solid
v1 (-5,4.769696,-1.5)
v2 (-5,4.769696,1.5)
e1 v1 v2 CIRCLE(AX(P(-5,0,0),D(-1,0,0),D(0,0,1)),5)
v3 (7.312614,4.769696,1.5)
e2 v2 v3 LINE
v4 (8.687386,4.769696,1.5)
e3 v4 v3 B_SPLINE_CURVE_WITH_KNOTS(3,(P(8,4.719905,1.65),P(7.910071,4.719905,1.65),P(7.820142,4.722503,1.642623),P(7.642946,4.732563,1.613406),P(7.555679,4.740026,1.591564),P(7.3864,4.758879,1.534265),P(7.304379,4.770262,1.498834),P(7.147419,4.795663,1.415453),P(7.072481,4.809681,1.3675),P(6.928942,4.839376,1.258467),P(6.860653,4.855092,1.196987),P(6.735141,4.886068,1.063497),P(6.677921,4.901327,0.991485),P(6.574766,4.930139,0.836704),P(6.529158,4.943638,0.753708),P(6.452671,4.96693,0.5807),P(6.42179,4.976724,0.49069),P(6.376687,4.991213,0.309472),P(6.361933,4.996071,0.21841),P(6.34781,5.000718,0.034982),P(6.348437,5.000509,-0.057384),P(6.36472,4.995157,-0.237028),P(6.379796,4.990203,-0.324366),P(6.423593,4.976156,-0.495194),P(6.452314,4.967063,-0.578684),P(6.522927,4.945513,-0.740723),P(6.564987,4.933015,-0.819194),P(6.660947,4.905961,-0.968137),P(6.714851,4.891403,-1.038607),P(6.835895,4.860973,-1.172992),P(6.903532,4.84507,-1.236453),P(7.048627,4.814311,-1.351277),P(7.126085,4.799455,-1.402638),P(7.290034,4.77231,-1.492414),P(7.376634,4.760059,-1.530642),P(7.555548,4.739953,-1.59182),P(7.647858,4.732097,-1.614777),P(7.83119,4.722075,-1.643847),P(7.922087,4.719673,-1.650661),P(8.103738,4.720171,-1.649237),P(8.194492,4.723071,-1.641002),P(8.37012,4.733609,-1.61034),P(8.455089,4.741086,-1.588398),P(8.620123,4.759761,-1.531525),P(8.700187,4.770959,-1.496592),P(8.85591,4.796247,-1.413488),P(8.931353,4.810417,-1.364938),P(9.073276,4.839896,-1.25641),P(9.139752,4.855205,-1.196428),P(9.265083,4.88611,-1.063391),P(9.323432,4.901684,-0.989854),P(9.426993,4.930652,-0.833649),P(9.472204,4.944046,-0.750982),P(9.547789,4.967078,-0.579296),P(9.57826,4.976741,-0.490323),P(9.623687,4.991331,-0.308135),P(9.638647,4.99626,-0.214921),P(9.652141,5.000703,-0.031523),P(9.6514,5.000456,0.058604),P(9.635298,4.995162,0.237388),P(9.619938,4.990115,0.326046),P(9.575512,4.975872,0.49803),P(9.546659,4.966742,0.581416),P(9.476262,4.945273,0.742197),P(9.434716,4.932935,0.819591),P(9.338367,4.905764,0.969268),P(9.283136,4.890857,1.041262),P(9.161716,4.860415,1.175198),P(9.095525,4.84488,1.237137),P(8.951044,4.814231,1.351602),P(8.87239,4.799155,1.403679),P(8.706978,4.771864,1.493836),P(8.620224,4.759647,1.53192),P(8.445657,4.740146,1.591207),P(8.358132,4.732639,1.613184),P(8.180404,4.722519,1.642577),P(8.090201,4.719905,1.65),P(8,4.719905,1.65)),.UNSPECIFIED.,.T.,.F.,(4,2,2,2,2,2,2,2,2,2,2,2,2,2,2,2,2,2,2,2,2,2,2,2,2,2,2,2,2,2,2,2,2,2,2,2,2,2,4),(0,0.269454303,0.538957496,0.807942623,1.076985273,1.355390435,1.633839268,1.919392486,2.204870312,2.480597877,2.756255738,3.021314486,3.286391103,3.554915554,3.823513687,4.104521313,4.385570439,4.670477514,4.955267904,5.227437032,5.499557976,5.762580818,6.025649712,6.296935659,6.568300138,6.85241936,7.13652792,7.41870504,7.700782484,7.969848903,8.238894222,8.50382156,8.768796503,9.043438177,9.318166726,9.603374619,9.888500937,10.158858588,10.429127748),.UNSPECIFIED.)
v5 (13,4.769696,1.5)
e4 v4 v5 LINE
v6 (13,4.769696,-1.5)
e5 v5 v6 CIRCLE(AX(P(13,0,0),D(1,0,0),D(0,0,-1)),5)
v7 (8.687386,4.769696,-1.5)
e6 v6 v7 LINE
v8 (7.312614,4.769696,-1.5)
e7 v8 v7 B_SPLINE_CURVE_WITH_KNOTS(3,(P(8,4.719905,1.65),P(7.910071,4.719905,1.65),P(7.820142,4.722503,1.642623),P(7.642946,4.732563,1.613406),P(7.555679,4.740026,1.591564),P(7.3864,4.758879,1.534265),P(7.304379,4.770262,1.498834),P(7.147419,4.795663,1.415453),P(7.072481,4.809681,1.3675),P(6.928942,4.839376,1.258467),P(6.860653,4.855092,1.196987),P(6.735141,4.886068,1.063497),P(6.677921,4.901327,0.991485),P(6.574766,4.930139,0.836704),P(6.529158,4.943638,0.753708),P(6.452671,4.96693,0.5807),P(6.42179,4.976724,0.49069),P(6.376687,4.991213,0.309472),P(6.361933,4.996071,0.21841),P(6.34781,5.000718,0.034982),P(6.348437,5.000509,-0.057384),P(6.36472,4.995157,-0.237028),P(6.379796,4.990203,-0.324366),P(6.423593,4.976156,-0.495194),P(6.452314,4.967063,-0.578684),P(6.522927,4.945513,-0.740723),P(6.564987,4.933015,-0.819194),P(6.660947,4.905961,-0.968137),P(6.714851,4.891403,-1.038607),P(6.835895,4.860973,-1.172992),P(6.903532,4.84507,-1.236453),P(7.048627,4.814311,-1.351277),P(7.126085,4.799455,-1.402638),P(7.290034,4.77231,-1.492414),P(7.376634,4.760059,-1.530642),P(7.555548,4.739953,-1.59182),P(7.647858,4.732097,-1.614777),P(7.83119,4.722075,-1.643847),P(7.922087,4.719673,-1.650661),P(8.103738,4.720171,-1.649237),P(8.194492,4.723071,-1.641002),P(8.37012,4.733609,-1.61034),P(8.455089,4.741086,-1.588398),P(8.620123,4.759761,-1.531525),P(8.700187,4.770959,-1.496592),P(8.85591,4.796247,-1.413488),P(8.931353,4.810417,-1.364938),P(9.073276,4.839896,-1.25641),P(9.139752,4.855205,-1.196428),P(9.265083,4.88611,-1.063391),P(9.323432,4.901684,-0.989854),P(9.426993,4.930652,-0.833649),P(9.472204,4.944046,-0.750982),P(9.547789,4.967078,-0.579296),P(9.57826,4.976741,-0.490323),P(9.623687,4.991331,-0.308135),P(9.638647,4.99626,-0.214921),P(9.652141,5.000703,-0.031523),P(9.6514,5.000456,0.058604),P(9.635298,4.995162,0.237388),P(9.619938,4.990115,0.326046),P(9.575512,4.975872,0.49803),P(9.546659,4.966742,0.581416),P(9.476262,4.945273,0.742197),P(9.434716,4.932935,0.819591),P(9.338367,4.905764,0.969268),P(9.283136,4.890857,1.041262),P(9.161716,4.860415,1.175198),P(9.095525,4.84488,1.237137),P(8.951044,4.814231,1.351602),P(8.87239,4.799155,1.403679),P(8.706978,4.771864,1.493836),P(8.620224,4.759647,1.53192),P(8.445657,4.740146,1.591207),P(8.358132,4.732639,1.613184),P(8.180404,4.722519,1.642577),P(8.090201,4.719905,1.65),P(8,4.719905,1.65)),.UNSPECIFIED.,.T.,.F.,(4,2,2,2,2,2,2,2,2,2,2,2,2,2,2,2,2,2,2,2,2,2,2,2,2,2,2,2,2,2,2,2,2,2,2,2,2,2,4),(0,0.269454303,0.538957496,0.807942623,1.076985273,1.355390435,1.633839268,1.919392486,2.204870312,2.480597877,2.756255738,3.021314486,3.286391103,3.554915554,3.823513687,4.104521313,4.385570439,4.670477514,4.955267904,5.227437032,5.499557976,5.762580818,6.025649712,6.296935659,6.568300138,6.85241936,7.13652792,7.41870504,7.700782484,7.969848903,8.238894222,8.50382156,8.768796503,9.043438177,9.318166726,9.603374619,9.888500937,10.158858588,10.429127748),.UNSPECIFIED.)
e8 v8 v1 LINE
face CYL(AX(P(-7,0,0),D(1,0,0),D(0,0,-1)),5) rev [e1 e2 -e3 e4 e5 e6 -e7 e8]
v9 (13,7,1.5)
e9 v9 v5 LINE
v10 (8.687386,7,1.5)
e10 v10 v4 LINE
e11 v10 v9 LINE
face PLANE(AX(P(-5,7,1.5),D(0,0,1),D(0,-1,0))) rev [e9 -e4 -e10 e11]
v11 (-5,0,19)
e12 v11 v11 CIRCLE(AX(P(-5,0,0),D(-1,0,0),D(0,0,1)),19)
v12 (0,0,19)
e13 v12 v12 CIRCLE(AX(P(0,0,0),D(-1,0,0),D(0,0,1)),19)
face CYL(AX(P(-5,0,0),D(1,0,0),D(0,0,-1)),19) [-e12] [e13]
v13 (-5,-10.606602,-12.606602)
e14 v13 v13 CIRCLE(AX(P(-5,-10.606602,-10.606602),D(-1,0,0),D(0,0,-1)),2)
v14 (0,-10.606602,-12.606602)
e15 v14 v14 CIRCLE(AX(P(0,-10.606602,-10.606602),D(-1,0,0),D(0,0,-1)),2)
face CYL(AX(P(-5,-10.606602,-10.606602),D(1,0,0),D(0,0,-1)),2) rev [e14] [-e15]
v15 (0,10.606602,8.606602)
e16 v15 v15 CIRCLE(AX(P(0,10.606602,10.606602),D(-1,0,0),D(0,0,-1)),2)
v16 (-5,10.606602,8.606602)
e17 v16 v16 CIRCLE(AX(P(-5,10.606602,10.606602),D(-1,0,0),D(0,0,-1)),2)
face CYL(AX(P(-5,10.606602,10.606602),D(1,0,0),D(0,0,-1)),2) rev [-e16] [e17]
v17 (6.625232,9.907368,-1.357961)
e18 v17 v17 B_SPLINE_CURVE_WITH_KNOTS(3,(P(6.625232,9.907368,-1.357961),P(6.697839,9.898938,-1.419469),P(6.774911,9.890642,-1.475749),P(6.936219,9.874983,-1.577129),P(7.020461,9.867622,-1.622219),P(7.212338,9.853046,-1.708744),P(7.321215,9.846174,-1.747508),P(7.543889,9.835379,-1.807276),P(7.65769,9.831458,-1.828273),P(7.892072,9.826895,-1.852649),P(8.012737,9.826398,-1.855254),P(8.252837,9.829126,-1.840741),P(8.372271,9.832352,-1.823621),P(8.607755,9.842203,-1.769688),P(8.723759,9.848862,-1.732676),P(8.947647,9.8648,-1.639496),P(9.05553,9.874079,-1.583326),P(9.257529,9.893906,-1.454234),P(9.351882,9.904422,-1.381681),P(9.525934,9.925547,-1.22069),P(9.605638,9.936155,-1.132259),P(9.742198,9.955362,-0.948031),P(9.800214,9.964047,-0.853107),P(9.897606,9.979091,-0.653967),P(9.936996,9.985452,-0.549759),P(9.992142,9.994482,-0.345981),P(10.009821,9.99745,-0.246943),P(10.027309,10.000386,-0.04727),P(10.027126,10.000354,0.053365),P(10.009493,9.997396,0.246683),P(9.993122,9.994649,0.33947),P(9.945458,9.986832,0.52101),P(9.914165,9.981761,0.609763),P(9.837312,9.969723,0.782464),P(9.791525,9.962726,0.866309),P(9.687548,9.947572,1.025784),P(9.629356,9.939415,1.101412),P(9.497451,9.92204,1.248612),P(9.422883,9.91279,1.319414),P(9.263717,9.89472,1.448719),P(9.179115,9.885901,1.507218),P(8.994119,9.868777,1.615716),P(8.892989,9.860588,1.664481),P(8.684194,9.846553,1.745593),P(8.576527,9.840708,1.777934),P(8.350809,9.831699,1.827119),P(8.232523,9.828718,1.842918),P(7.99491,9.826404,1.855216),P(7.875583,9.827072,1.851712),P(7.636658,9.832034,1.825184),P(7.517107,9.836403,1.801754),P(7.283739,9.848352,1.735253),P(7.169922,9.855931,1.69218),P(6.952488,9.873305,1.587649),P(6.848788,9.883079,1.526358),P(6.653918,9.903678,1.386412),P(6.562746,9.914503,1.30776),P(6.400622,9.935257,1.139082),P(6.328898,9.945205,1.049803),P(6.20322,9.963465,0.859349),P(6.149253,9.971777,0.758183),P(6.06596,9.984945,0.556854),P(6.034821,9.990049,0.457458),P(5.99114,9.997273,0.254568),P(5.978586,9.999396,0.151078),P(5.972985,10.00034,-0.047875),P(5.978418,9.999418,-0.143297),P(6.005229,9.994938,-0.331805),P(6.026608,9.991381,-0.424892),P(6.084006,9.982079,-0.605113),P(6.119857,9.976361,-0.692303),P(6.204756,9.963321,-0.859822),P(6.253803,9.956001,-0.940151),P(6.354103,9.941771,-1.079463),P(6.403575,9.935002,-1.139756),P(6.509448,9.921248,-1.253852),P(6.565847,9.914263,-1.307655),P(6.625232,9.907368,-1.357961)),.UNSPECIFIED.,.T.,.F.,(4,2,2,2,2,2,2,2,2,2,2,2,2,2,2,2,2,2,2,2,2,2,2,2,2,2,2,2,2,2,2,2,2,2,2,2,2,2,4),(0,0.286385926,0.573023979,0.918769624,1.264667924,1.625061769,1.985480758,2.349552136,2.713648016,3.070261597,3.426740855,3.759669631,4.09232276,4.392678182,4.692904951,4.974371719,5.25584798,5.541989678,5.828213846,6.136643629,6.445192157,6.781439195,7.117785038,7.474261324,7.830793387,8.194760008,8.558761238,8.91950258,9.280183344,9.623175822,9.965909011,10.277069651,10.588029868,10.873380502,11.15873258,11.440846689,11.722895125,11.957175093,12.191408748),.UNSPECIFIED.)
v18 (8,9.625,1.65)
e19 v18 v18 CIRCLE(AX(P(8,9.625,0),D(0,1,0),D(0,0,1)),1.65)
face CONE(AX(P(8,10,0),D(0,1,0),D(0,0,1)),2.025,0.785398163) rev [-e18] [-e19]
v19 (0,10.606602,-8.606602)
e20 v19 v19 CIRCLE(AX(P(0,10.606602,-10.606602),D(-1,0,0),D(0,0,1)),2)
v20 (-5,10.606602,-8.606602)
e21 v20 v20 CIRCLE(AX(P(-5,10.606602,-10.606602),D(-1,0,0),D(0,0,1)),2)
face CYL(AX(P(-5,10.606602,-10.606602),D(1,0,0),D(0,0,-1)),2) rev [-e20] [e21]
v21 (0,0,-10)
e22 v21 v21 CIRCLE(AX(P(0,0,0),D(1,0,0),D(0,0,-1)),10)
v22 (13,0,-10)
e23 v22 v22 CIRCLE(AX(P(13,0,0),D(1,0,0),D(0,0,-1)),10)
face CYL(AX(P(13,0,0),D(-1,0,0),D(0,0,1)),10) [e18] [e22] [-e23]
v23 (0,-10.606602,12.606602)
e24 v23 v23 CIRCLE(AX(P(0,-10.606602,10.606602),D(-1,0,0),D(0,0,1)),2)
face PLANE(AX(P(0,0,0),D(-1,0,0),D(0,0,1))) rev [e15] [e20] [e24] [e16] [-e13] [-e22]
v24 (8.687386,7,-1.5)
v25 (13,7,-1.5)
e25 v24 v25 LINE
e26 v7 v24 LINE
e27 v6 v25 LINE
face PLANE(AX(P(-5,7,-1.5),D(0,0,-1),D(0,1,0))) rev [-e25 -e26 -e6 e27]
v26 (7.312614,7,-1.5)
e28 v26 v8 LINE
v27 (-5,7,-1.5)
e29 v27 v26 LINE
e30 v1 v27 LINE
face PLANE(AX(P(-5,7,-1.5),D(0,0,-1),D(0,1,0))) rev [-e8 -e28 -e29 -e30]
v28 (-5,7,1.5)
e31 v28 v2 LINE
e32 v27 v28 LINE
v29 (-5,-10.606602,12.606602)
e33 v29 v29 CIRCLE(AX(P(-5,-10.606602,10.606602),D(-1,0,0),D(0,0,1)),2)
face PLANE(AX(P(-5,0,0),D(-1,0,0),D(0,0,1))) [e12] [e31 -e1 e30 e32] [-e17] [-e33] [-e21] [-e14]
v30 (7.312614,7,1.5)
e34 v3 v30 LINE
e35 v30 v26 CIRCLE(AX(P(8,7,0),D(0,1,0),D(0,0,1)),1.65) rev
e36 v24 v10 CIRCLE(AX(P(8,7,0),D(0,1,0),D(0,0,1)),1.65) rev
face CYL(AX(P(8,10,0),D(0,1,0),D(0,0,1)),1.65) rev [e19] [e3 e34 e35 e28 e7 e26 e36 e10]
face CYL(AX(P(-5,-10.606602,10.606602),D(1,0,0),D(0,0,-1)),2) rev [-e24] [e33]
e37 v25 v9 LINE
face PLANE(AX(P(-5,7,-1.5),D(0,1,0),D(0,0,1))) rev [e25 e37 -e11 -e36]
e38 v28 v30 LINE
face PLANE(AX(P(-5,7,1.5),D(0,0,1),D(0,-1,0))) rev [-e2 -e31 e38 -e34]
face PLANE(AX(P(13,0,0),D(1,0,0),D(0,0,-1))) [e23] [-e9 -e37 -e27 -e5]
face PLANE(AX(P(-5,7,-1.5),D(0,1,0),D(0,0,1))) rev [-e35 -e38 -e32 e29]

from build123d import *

# Parameters (mm, degrees)
SKETCH1_R                   = 10
SMALLRING_DEPTH             = 13
SKETCH4_R                   = 19
SKETCH4_R_2                 = 2
BIGRING_DEPTH               = 5
M4_TAPPED_HOLE1_D           = 3.3
M4_TAPPED_HOLE1_DEPTH       = 10.1
M4_TAPPED_HOLE1_CSINK_D     = 4.05
M4_TAPPED_HOLE1_CSINK_ANGLE = 90
M4_TAPPED_HOLE1_TIP         = 0.991420021
SKETCH42_R                  = 5
MOTOR_SHAFT_HOLE_DEPTH      = 20
SKETCH43_W                  = 3
SKETCH43_H                  = 4
KEYWAY_DEPTH                = 18


with BuildPart() as part:
    # Sketch1 → SmallRing (new body)
    with BuildSketch(Plane(origin=(0, 0, 0), x_dir=(0, 0, -1), z_dir=(1, 0, 0))):
        Circle(SKETCH1_R)
    extrude(amount=SMALLRING_DEPTH)

    # Sketch4 → BigRing (add)
    with BuildSketch(Plane.ZY):
        Circle(SKETCH4_R)
        with Locations((-10.606601718, 10.606601718)):
            Circle(SKETCH4_R_2, mode=Mode.SUBTRACT)
        with Locations((10.606601718, 10.606601718)):
            Circle(SKETCH4_R_2, mode=Mode.SUBTRACT)
        with Locations((10.606601718, -10.606601718)):
            Circle(SKETCH4_R_2, mode=Mode.SUBTRACT)
        with Locations((-10.606601718, -10.606601718)):
            Circle(SKETCH4_R_2, mode=Mode.SUBTRACT)
    extrude(amount=BIGRING_DEPTH)

    # M4 Tapped Hole1
    with Locations(Plane(origin=(8, 10, 0), x_dir=(1, 0, 0), z_dir=(0, 1, 0))):
        with Locations((0, 0)):
            CounterSinkHole(M4_TAPPED_HOLE1_D / 2, M4_TAPPED_HOLE1_CSINK_D / 2, depth=M4_TAPPED_HOLE1_DEPTH, counter_sink_angle=M4_TAPPED_HOLE1_CSINK_ANGLE)
            with Locations((0, 0, -(M4_TAPPED_HOLE1_DEPTH + M4_TAPPED_HOLE1_TIP / 2))):  # 118° drill point
                Cone(0, M4_TAPPED_HOLE1_D / 2, M4_TAPPED_HOLE1_TIP, mode=Mode.SUBTRACT)

    # Sketch42 → Motor Shaft Hole (cut)
    with BuildSketch(Plane(origin=(13, 0, 0), x_dir=(0, 0, -1), z_dir=(1, 0, 0))):
        Circle(SKETCH42_R)
    extrude(amount=-MOTOR_SHAFT_HOLE_DEPTH, mode=Mode.SUBTRACT)

    # Sketch43 → Keyway (cut)
    with BuildSketch(Plane(origin=(13, 0, 0), x_dir=(0, 0, -1), z_dir=(1, 0, 0))):
        with Locations((0, 5)):
            Rectangle(SKETCH43_W, SKETCH43_H)
    extrude(amount=-KEYWAY_DEPTH, mode=Mode.SUBTRACT)


solid = part.part
